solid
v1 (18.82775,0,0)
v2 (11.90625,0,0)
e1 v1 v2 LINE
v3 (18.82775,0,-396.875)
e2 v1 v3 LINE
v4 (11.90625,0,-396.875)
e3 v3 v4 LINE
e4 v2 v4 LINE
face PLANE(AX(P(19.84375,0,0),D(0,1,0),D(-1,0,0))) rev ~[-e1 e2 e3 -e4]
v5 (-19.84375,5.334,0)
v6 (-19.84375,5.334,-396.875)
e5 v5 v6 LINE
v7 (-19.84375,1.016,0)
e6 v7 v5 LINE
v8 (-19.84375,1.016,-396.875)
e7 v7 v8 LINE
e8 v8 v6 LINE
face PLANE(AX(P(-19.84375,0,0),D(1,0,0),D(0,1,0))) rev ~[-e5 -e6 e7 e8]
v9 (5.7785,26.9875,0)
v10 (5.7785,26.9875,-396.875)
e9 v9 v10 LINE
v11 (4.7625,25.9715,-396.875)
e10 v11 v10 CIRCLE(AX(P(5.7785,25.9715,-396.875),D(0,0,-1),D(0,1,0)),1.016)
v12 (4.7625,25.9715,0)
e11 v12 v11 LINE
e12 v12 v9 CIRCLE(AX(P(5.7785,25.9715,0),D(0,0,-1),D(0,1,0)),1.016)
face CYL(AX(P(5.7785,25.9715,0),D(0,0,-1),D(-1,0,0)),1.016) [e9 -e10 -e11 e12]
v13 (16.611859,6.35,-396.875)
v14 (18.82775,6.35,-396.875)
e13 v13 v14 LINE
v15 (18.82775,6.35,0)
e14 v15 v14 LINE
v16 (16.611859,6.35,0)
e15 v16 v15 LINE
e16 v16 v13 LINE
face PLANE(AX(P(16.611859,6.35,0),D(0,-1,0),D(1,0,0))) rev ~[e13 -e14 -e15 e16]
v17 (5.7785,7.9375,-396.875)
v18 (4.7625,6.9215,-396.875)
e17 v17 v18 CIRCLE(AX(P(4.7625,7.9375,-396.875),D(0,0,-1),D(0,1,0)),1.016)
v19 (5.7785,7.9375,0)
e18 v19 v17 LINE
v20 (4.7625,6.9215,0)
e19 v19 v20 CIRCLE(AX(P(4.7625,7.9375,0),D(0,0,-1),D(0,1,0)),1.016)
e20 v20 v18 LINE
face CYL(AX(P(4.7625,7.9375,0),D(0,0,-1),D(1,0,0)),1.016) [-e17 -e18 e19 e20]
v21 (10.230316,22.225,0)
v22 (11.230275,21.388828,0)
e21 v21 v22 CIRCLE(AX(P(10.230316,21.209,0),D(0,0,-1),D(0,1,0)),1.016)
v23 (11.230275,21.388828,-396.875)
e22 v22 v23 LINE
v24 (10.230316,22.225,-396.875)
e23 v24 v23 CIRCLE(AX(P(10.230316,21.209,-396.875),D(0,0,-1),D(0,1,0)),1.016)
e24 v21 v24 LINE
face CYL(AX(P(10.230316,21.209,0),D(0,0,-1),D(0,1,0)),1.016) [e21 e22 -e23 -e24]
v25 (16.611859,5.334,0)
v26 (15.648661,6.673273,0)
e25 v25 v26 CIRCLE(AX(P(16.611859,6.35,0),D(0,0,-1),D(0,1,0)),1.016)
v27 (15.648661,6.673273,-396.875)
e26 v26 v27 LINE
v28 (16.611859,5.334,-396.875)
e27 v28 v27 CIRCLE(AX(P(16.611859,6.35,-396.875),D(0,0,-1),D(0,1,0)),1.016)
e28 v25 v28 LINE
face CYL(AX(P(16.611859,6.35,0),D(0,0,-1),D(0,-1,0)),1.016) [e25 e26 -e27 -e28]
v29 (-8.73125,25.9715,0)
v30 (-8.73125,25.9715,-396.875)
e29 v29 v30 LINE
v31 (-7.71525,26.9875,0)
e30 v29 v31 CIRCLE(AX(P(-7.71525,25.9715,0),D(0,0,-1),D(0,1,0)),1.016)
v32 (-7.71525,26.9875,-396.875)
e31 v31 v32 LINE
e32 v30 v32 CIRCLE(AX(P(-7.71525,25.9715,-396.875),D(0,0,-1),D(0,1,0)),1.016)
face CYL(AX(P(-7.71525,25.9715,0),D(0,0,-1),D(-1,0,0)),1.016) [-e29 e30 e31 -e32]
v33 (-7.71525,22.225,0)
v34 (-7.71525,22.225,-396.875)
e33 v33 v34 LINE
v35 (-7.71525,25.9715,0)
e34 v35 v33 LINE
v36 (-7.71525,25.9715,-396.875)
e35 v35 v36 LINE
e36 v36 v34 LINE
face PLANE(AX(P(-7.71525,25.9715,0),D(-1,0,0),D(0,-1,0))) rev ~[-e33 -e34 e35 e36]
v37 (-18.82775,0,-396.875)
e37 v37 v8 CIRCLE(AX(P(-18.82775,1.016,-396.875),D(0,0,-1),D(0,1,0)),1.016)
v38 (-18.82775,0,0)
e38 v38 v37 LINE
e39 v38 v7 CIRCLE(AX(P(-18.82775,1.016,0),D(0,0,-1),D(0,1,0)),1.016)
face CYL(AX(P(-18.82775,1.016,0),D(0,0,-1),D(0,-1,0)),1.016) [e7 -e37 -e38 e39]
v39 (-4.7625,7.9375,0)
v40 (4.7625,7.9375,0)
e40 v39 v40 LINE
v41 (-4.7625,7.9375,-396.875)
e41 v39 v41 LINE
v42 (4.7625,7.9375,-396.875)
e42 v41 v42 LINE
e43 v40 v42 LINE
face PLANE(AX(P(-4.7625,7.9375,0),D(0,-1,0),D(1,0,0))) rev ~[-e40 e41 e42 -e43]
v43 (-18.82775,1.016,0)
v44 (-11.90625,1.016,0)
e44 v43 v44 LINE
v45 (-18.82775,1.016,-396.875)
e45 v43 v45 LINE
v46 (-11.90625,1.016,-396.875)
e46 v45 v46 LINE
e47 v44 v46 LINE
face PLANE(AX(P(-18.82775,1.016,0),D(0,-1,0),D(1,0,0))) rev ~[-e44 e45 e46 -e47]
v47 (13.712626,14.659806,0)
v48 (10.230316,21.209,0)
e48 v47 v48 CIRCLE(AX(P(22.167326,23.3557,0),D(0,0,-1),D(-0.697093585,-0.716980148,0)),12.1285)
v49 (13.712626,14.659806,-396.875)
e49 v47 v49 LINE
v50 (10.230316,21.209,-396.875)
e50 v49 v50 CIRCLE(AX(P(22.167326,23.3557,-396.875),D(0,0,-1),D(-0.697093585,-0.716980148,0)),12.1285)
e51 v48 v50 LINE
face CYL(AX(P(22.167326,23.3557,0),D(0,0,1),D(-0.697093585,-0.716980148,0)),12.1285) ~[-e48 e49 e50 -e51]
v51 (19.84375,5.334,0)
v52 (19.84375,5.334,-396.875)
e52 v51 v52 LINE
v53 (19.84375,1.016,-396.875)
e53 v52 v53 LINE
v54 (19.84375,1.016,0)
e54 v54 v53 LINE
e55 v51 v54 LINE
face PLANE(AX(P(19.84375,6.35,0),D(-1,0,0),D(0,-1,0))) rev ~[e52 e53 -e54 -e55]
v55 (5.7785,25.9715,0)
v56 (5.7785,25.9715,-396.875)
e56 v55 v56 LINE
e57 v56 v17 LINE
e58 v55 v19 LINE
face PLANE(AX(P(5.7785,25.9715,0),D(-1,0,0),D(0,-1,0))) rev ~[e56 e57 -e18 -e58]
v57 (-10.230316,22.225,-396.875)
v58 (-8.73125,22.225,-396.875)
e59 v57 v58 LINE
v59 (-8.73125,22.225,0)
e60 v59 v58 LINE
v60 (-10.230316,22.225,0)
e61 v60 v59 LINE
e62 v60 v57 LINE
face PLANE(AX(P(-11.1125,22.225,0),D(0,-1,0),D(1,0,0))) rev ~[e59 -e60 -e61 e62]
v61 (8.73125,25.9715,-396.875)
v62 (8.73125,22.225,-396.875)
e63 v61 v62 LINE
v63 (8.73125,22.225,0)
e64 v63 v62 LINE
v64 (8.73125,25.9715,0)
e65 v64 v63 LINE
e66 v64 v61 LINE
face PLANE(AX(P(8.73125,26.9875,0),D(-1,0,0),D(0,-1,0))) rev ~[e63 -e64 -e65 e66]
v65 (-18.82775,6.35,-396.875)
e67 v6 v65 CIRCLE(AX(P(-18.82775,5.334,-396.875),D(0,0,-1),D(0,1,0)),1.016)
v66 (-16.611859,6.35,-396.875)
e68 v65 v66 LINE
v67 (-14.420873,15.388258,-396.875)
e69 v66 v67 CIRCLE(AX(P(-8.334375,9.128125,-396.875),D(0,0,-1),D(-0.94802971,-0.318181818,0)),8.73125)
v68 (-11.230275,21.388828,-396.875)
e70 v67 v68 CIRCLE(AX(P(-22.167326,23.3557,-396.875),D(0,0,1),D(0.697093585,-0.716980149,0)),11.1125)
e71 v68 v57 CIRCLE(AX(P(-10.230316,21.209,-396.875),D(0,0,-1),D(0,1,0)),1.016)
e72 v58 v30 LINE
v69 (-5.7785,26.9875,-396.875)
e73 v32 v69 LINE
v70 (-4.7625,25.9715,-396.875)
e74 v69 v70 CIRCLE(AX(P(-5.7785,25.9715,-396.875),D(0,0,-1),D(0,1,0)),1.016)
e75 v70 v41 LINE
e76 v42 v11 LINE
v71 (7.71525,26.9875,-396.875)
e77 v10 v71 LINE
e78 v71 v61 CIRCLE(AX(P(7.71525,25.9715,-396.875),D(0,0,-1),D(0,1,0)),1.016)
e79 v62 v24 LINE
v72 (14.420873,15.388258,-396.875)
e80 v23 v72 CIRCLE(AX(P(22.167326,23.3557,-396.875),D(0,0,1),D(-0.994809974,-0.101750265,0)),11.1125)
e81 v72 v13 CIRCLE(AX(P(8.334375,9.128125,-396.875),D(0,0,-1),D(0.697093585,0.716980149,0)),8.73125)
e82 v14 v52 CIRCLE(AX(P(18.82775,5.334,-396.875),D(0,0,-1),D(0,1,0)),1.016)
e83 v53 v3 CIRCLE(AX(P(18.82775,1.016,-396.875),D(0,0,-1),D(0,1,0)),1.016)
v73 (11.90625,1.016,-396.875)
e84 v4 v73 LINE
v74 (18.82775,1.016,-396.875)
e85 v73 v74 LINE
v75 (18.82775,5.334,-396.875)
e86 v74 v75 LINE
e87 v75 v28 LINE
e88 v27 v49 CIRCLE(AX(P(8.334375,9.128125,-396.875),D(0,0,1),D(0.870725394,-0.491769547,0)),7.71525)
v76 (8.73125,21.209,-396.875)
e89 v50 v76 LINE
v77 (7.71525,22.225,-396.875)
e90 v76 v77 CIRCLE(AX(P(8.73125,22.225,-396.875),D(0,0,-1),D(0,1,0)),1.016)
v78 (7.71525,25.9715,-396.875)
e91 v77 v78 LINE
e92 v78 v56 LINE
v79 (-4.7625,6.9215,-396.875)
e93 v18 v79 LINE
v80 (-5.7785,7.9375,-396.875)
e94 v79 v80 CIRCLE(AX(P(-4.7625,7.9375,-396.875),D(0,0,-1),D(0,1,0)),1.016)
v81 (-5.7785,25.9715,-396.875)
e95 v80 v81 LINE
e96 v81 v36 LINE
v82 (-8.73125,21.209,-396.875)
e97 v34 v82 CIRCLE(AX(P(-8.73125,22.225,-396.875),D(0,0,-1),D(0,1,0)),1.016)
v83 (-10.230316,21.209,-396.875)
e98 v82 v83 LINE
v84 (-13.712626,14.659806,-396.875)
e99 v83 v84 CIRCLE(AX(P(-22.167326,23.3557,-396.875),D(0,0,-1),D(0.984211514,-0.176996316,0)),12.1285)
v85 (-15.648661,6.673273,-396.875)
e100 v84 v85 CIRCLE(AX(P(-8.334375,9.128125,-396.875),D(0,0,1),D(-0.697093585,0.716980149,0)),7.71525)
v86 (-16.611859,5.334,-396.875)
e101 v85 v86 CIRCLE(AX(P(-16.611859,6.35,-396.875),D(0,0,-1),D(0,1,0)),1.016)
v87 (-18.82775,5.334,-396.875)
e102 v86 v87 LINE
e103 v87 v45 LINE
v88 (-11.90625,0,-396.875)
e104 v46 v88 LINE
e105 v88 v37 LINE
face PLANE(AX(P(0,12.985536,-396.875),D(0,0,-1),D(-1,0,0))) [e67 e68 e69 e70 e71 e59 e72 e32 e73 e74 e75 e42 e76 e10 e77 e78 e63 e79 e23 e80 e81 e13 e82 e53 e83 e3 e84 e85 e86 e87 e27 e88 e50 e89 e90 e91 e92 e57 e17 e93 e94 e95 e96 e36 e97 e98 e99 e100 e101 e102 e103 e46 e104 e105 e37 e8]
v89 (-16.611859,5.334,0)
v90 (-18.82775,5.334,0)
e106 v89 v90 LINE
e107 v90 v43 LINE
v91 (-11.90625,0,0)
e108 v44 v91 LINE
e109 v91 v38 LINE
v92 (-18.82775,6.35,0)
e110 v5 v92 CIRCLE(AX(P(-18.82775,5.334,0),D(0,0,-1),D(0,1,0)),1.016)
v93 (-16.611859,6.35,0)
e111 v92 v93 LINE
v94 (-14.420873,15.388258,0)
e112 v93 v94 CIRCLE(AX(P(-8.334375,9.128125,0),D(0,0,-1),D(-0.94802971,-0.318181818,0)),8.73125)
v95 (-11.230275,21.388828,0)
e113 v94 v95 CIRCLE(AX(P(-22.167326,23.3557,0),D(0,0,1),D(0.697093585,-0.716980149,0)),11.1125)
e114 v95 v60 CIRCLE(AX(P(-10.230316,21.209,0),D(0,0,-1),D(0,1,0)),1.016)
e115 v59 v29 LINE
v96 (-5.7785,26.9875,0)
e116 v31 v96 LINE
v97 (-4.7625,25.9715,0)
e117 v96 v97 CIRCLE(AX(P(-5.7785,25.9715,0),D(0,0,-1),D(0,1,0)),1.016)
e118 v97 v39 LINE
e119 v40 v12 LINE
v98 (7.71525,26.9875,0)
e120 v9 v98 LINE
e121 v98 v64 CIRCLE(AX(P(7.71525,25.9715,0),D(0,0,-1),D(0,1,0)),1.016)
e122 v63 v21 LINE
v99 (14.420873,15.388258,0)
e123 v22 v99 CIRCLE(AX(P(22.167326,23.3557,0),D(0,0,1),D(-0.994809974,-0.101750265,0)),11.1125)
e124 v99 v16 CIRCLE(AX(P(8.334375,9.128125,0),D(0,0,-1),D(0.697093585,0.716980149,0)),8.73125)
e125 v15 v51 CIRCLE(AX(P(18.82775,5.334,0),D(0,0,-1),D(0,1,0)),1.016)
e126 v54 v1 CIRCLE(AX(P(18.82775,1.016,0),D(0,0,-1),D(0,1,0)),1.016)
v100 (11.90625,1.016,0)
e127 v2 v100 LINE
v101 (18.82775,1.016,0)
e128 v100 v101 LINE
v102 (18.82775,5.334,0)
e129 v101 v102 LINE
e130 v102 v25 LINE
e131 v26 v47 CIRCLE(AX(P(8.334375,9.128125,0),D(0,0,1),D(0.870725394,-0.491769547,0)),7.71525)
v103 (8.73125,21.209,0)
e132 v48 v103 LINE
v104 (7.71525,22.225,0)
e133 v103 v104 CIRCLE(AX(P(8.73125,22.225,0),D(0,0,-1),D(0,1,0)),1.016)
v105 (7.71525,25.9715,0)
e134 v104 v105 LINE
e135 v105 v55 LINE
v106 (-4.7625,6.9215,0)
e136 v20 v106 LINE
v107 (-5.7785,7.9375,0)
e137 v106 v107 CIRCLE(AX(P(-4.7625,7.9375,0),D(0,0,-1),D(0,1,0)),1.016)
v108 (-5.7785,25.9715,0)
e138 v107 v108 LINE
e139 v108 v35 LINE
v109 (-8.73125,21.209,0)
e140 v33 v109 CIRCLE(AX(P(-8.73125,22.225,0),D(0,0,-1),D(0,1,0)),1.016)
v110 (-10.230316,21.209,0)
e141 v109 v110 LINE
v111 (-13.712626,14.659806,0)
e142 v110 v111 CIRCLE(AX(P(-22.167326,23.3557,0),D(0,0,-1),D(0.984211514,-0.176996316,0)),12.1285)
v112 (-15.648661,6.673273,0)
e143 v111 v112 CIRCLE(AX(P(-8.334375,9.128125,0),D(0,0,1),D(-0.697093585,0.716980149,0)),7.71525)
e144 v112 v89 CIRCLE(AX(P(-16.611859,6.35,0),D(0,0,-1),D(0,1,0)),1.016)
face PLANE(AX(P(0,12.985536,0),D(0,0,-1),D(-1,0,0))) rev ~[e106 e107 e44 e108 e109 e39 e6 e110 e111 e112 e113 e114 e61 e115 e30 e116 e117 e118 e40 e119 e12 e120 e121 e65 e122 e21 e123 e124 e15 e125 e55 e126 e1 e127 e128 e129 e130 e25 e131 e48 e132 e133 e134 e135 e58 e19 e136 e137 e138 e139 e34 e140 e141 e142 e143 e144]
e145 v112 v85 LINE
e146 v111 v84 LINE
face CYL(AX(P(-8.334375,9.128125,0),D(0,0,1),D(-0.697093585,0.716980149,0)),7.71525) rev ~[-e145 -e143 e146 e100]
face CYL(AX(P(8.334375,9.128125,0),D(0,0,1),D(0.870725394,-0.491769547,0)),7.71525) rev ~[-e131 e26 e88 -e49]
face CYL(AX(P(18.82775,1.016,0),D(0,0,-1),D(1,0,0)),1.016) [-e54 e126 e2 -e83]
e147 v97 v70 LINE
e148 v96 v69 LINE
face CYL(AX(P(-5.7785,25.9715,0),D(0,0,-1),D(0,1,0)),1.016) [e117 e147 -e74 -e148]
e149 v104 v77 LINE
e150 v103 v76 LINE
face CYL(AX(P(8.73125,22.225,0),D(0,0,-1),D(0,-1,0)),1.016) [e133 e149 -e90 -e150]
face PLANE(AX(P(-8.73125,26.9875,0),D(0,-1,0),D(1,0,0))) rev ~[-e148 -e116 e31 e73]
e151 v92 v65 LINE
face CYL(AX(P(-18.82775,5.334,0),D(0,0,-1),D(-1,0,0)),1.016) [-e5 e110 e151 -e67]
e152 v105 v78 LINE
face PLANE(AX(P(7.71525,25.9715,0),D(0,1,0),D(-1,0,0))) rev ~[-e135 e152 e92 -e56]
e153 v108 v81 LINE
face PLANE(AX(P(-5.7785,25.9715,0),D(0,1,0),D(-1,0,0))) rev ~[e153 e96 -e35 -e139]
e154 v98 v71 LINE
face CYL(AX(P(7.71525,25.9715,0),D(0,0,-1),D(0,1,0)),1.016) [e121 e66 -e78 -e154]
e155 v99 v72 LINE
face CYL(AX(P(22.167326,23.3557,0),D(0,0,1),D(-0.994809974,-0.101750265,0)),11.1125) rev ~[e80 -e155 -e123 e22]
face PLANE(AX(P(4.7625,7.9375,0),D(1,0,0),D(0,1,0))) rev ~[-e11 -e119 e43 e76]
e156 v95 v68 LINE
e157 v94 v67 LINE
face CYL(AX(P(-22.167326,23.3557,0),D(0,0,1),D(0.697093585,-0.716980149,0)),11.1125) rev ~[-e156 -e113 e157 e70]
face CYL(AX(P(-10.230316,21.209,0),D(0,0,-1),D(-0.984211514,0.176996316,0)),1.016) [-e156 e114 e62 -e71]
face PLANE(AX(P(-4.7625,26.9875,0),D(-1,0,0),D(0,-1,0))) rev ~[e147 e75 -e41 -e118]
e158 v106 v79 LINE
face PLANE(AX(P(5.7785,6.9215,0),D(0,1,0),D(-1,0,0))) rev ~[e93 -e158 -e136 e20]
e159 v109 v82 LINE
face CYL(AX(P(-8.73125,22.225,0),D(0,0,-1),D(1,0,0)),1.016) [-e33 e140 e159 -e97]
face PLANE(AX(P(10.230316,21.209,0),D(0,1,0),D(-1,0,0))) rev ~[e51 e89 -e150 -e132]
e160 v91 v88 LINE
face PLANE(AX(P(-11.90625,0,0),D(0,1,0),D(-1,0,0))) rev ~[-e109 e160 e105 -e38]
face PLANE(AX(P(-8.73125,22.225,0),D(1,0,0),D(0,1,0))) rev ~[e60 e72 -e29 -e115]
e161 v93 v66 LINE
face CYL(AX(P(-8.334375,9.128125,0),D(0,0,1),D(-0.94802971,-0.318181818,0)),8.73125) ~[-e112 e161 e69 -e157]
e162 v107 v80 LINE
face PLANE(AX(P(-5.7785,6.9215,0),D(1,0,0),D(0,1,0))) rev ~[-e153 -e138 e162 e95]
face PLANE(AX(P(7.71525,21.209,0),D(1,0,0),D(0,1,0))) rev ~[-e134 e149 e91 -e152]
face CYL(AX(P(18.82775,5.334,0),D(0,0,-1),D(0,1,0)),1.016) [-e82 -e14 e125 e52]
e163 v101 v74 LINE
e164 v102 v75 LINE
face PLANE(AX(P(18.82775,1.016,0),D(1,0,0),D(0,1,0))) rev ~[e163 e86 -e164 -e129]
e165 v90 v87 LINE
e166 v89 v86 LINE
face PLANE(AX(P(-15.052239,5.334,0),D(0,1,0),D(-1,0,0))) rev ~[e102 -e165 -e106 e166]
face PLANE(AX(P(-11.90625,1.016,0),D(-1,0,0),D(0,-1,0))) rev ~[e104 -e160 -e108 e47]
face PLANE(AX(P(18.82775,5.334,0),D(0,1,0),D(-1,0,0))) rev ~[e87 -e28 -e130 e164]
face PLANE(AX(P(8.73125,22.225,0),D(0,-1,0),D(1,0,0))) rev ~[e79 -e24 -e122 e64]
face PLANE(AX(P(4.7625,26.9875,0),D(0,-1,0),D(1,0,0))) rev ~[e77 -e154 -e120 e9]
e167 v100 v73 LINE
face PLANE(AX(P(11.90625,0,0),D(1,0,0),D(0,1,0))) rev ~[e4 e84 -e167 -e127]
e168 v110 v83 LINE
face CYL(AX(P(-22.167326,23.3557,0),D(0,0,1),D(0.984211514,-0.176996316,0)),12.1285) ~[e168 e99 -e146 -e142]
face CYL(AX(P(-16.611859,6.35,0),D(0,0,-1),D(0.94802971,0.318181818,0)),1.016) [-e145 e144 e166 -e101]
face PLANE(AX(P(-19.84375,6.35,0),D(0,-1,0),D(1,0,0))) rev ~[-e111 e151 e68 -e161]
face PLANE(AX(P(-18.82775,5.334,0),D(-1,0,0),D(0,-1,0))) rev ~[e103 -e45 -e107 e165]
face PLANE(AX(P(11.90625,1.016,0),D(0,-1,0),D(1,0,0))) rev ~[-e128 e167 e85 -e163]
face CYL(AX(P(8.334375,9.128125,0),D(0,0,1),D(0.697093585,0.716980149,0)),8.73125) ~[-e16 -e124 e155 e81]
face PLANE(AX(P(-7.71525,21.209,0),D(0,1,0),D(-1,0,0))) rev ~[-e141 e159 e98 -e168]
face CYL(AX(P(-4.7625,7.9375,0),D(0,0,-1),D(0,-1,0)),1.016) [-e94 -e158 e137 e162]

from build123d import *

# Parameters (mm, degrees)
EXTRUDE_THIN1_DEPTH = 396.875
FILLET1_R           = 1.016


with BuildPart() as part:
    # Sketch1 → Extrude-Thin1 (new body)
    with BuildSketch(Plane.XY):
        with BuildLine():
            Line((-11.90625, 0), (-19.84375, 0))
            Line((-19.84375, 0), (-19.84375, 6.35))
            Line((-19.84375, 6.35), (-16.611859403, 6.35))
            ThreePointArc((-16.611859403, 6.35), (-16.819864191, 11.185113028), (-14.420873366, 15.388257922))
            ThreePointArc((-14.420873366, 15.388257922), (-12.164462393, 18.51520612), (-11.1125, 22.225))
            Line((-11.1125, 22.225), (-8.73125, 22.225))
            Line((-8.73125, 22.225), (-8.73125, 26.9875))
            Line((-8.73125, 26.9875), (-4.7625, 26.9875))
            Line((-4.7625, 26.9875), (-4.7625, 7.9375))
            Line((-4.7625, 7.9375), (4.7625, 7.9375))
            Line((4.7625, 7.9375), (4.7625, 26.9875))
            Line((4.7625, 26.9875), (8.73125, 26.9875))
            Line((8.73125, 26.9875), (8.73125, 22.225))
            Line((8.73125, 22.225), (11.1125, 22.225))
            ThreePointArc((11.1125, 22.225), (12.164462393, 18.51520612), (14.420873366, 15.388257922))
            ThreePointArc((14.420873366, 15.388257922), (16.819864191, 11.185113028), (16.611859403, 6.35))
            Line((16.611859403, 6.35), (19.84375, 6.35))
            Line((19.84375, 6.35), (19.84375, 0))
            Line((19.84375, 0), (11.90625, 0))
            Line((11.90625, 0), (11.90625, 1.016))
            Line((11.90625, 1.016), (18.82775, 1.016))
            Line((18.82775, 1.016), (18.82775, 5.334))
            Line((18.82775, 5.334), (15.052239099, 5.334))
            ThreePointArc((15.052239099, 5.334), (15.971237356, 10.225128152), (13.712626283, 14.659806091))
            ThreePointArc((13.712626283, 14.659806091), (11.458524166, 17.661660911), (10.230316486, 21.209))
            Line((10.230316486, 21.209), (7.71525, 21.209))
            Line((7.71525, 21.209), (7.71525, 25.9715))
            Line((7.71525, 25.9715), (5.7785, 25.9715))
            Line((5.7785, 25.9715), (5.7785, 6.9215))
            Line((5.7785, 6.9215), (-5.7785, 6.9215))
            Line((-5.7785, 6.9215), (-5.7785, 25.9715))
            Line((-5.7785, 25.9715), (-7.71525, 25.9715))
            Line((-7.71525, 25.9715), (-7.71525, 21.209))
            Line((-7.71525, 21.209), (-10.230316486, 21.209))
            ThreePointArc((-10.230316486, 21.209), (-11.458524166, 17.661660911), (-13.712626283, 14.659806091))
            ThreePointArc((-13.712626283, 14.659806091), (-15.971237356, 10.225128152), (-15.052239099, 5.334))
            Line((-15.052239099, 5.334), (-18.82775, 5.334))
            Line((-18.82775, 5.334), (-18.82775, 1.016))
            Line((-18.82775, 1.016), (-11.90625, 1.016))
            Line((-11.90625, 1.016), (-11.90625, 0))
        make_face()
    extrude(amount=-EXTRUDE_THIN1_DEPTH)

    # Fillet1
    fillet1_edges = [part.edges().sort_by_distance(p)[0] for p in [
        (-19.84375, 0, -198.4375),
        (-19.84375, 6.35, -198.4375),
        (-11.1125, 22.225, -198.4375),
        (-8.73125, 26.9875, -198.4375),
        (-4.7625, 26.9875, -198.4375),
        (4.7625, 26.9875, -198.4375),
        (8.73125, 26.9875, -198.4375),
        (11.1125, 22.225, -198.4375),
        (19.84375, 6.35, -198.4375),
        (19.84375, 0, -198.4375),
        (15.052239099, 5.334, -198.4375),
        (7.71525, 21.209, -198.4375),
        (5.7785, 6.9215, -198.4375),
        (-5.7785, 6.9215, -198.4375),
        (-7.71525, 21.209, -198.4375),
        (-15.052239099, 5.334, -198.4375),
    ]]
    fillet(fillet1_edges, radius=FILLET1_R)


solid = part.part
